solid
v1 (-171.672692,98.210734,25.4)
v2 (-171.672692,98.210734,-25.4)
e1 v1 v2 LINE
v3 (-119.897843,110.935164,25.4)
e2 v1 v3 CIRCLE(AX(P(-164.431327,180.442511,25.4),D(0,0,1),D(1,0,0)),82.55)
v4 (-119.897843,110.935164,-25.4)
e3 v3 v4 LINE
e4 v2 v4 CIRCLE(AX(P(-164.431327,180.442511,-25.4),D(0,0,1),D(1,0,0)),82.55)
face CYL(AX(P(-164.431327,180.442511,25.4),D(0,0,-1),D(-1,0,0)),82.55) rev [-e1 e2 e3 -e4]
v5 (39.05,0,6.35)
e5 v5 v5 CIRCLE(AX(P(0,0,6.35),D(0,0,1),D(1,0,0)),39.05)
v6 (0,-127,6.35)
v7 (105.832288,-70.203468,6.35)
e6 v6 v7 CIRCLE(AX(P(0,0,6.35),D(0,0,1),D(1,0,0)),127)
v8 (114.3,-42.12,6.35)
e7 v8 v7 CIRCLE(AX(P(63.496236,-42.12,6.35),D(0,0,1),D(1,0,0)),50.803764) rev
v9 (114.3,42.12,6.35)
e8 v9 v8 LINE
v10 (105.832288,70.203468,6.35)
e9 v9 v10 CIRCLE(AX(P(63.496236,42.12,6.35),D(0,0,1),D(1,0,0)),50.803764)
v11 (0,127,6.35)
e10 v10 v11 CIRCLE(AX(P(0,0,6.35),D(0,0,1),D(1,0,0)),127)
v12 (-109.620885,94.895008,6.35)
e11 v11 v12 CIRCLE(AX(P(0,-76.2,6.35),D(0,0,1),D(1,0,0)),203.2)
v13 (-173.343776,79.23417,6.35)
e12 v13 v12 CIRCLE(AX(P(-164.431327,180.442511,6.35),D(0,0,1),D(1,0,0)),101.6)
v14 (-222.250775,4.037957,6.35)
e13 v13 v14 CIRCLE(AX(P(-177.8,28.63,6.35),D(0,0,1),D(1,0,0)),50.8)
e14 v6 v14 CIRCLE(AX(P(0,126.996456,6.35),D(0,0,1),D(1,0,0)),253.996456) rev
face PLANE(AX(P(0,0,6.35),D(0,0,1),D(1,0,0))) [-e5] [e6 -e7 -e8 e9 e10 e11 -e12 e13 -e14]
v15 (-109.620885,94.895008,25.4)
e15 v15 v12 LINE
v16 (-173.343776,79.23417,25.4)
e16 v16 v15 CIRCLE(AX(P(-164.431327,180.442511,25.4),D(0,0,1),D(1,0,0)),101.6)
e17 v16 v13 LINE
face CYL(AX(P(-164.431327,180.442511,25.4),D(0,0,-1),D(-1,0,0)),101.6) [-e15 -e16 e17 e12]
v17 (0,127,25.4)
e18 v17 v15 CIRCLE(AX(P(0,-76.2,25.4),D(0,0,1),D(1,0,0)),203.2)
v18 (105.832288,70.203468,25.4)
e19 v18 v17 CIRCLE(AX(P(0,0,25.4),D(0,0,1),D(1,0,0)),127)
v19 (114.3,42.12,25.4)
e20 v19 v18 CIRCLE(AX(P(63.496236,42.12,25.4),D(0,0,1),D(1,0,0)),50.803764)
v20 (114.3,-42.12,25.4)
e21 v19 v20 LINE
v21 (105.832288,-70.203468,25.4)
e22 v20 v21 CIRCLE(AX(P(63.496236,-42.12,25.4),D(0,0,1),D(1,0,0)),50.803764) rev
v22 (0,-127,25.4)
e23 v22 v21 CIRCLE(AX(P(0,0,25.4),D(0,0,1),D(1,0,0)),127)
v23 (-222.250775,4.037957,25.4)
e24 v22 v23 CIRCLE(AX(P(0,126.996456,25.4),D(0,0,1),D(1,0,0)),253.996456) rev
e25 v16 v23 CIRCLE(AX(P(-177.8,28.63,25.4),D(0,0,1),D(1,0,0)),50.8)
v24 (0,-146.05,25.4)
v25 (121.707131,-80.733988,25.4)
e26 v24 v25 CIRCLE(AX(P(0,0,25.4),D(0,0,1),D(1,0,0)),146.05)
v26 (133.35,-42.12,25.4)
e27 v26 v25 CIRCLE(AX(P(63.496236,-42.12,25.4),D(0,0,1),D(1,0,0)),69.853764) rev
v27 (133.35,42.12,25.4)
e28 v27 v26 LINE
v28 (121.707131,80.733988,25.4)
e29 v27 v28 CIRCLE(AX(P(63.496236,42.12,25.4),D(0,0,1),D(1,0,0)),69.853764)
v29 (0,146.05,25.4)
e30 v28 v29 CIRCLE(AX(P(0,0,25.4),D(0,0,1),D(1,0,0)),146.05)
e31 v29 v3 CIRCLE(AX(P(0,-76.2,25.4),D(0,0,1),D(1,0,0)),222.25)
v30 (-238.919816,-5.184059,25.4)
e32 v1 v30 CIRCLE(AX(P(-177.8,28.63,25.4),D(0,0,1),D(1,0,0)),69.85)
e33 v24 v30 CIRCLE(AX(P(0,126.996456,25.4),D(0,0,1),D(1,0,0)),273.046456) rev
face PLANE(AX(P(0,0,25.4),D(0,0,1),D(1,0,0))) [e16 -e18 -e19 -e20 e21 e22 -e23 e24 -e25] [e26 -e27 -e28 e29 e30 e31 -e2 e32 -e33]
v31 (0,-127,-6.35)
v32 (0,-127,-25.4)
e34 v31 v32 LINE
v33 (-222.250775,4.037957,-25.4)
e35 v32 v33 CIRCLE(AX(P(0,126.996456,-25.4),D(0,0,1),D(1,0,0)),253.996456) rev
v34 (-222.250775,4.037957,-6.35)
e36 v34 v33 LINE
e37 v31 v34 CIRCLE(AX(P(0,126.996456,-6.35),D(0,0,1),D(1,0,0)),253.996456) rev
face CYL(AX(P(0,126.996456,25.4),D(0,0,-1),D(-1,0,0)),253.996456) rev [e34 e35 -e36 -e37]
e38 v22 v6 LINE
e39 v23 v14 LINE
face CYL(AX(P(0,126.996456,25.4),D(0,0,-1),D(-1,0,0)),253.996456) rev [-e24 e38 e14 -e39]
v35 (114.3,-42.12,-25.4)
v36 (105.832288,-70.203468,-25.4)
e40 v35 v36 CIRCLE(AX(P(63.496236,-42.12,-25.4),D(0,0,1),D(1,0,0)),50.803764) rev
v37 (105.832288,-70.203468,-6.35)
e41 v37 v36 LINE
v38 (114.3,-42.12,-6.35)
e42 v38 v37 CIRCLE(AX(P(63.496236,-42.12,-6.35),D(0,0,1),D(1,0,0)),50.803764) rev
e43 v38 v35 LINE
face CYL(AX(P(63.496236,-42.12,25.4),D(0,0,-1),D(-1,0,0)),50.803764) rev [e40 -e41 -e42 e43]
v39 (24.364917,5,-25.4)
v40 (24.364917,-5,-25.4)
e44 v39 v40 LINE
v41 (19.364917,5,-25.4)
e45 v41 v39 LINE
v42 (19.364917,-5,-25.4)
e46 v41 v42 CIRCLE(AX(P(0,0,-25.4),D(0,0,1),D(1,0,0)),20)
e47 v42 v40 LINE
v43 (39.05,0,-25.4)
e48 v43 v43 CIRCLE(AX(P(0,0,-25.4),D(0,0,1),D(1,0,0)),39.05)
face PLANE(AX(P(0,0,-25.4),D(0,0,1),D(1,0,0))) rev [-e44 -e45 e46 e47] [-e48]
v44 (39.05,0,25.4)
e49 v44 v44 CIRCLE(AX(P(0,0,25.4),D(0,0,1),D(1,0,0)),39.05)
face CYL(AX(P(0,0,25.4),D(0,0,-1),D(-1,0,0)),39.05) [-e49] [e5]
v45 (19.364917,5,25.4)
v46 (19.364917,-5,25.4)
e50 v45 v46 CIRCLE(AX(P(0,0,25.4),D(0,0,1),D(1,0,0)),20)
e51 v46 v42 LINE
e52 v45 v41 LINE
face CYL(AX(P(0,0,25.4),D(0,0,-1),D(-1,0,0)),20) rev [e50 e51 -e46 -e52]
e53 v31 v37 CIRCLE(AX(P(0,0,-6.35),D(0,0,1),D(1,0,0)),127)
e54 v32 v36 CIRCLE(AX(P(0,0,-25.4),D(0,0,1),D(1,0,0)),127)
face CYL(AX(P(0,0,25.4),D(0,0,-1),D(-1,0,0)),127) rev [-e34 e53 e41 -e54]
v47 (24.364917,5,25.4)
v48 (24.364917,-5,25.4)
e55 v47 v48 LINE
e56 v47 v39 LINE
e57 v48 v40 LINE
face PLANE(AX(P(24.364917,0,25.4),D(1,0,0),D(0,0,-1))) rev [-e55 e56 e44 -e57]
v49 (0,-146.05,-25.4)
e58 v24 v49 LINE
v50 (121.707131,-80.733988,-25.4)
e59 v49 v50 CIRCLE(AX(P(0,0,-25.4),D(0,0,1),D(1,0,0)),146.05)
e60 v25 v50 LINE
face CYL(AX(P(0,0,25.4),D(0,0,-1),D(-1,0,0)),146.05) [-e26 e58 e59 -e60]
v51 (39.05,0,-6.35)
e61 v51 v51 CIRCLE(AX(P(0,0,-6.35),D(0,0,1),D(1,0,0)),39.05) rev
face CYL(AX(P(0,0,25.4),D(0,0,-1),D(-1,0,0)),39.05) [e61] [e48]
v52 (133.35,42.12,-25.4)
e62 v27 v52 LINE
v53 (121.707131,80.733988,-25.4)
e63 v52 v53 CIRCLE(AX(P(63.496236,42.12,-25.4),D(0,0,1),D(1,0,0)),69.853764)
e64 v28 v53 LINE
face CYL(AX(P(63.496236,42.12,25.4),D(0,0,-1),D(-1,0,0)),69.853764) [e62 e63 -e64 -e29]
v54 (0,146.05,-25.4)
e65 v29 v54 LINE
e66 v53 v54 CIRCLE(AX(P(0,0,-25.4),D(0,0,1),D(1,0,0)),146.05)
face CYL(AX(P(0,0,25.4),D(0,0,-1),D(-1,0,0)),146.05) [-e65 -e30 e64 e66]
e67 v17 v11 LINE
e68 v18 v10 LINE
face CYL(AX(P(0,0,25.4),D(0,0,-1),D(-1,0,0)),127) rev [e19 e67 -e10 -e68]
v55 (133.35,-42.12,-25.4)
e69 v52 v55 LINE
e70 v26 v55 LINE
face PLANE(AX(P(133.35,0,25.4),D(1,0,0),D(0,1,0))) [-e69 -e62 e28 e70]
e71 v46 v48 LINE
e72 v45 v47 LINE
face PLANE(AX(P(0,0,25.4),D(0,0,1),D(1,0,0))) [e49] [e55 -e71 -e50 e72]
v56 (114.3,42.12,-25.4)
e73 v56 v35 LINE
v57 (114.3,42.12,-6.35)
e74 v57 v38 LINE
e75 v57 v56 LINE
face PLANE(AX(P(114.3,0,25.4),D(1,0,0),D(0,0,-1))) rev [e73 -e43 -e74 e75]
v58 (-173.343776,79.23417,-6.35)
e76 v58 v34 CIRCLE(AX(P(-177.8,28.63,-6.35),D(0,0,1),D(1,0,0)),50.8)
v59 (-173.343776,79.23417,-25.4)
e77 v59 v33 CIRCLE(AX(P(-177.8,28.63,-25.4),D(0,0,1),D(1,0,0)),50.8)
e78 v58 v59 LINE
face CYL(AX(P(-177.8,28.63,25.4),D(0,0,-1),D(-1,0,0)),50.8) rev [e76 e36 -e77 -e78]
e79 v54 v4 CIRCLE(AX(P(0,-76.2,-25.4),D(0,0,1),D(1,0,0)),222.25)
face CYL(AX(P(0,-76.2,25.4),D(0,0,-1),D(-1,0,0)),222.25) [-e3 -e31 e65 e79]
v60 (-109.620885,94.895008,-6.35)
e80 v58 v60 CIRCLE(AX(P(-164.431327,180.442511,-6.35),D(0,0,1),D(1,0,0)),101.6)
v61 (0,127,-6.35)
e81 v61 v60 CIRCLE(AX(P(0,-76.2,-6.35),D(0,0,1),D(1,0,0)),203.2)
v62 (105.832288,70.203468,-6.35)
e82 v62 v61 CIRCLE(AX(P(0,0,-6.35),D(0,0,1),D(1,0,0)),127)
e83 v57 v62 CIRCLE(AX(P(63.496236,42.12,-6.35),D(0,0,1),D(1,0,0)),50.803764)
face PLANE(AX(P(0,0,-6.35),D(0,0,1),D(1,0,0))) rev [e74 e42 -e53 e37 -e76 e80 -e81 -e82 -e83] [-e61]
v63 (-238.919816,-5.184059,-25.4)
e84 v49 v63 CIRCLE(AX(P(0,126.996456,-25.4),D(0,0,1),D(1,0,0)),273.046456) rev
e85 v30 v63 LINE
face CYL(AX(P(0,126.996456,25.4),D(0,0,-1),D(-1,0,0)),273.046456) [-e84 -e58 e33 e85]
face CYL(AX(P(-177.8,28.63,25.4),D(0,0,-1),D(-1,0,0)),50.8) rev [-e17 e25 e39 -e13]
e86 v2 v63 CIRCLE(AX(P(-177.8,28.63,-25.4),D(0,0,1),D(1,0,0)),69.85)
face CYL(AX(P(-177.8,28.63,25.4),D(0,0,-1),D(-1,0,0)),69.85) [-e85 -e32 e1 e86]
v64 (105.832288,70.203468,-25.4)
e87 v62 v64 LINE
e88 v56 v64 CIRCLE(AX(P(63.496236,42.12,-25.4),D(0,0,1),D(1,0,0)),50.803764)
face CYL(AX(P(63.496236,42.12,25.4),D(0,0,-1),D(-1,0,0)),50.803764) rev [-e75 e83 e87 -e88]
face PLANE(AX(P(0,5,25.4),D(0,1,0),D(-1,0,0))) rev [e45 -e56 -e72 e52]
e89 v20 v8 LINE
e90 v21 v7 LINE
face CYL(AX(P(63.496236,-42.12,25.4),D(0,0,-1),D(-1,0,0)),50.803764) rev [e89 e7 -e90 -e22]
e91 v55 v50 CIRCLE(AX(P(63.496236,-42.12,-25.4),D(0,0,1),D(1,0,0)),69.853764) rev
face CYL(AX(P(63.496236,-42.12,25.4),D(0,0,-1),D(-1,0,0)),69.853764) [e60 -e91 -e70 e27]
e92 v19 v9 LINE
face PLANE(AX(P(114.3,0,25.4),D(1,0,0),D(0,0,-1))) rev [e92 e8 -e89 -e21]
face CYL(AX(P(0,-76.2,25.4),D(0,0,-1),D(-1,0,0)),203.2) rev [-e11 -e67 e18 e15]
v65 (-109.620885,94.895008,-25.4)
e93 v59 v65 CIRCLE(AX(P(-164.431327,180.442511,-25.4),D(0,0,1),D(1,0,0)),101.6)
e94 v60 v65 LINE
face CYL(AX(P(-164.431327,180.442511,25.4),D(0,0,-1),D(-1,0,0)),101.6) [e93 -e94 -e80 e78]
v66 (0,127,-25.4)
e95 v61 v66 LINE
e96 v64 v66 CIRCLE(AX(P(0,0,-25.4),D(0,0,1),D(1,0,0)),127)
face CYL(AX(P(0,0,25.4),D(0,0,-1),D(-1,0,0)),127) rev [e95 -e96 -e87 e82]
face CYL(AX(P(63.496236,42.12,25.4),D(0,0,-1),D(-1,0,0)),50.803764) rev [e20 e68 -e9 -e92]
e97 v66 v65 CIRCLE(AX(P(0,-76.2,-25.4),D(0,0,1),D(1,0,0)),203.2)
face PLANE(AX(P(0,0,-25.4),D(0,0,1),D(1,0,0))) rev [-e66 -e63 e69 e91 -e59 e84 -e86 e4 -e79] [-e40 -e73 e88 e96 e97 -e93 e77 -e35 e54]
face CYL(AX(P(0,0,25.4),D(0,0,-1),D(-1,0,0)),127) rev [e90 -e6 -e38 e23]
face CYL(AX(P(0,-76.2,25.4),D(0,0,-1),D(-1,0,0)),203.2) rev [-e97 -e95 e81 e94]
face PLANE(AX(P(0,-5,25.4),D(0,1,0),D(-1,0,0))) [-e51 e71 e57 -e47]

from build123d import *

# Parameters (mm, degrees)
BOSS_EXTRUDE1_DEPTH   = 25.4
SKETCH1_R             = 39.05
BOSS_EXTRUDE1_2_DEPTH = 25.4
SKETCH1_3_R           = 39.05
BOSS_EXTRUDE2_DEPTH   = 6.35


with BuildPart() as part:
    # Sketch1 → Boss-Extrude1 (new, symmetric)
    with BuildSketch(Plane.XY):
        with BuildLine():
            Line((133.35, -42.12), (133.35, 42.12))
            ThreePointArc((133.35, 42.12), (130.375973078, 62.28554269), (121.707130955, 80.733987729))
            ThreePointArc((121.707130955, 80.733987729), (69.063027707, 128.689163118), (0, 146.05))
            ThreePointArc((0, 146.05), (-62.467080094, 137.090708669), (-119.897842805, 110.935164495))
            ThreePointArc((-119.897842805, 110.935164495), (-144.729719838, 100.277998184), (-171.672691668, 98.210734349))
            ThreePointArc((-171.672691668, 98.210734349), (-236.354801658, 66.713562108), (-238.919816081, -5.184058944))
            ThreePointArc((-238.919816081, -5.184058944), (-138.677586388, -108.211737191), (0, -146.05))
            ThreePointArc((0, -146.05), (69.063027707, -128.689163118), (121.707130955, -80.733987729))
            ThreePointArc((121.707130955, -80.733987729), (130.375973078, -62.28554269), (133.35, -42.12))
        make_face()
        with BuildLine():
            ThreePointArc((105.832287787, 70.20346759), (112.137027627, 56.786145557), (114.3, 42.12))
            Line((114.3, 42.12), (114.3, -42.12))
            ThreePointArc((114.3, -42.12), (112.137027627, -56.786145557), (105.832287787, -70.20346759))
            ThreePointArc((105.832287787, -70.20346759), (60.054806702, -111.903620102), (0, -127))
            ThreePointArc((0, -127), (-129.002280352, -91.801650259), (-222.250775331, 4.037957131))
            ThreePointArc((-222.250775331, 4.037957131), (-220.385310297, 56.327136078), (-173.343775759, 79.234170436))
            ThreePointArc((-173.343775759, 79.234170436), (-140.183195045, 81.778495155), (-109.62088485, 94.895007539))
            ThreePointArc((-109.62088485, 94.895007539), (-57.112758943, 118.808647926), (0, 127))
            ThreePointArc((0, 127), (60.054806702, 111.903620102), (105.832287787, 70.20346759))
        make_face(mode=Mode.SUBTRACT)
    extrude(amount=BOSS_EXTRUDE1_DEPTH, both=True)



with BuildPart() as body_2:
    # Sketch1 → Boss-Extrude1 2 (new, symmetric)
    with BuildSketch(Plane.XY):
        Circle(SKETCH1_R)
        with BuildLine():
            ThreePointArc((19.364916731, -5), (-20, 0), (19.364916731, 5))
            Line((19.364916731, 5), (24.364916731, 5))
            Line((24.364916731, 5), (24.364916731, -5))
            Line((24.364916731, -5), (19.364916731, -5))
        make_face(mode=Mode.SUBTRACT)
    extrude(amount=BOSS_EXTRUDE1_2_DEPTH, both=True)


with BuildPart() as part_1:
    add(part.part)

    add(body_2.part)  # Boss-Extrude2 merges body 2
    # Sketch1<3> → Boss-Extrude2 (add, symmetric)
    with BuildSketch(Plane.XY):
        with BuildLine():
            Line((114.3, -42.12), (114.3, 42.12))
            ThreePointArc((114.3, 42.12), (112.137027627, 56.786145557), (105.832287787, 70.20346759))
            ThreePointArc((105.832287787, 70.20346759), (60.054806702, 111.903620102), (0, 127))
            ThreePointArc((0, 127), (-57.112758943, 118.808647926), (-109.62088485, 94.895007539))
            ThreePointArc((-109.62088485, 94.895007539), (-140.183195045, 81.778495155), (-173.343775759, 79.234170436))
            ThreePointArc((-173.343775759, 79.234170436), (-220.385310297, 56.327136078), (-222.250775331, 4.037957131))
            ThreePointArc((-222.250775331, 4.037957131), (-129.002280352, -91.801650259), (0, -127))
            ThreePointArc((0, -127), (60.054806702, -111.903620102), (105.832287787, -70.20346759))
            ThreePointArc((105.832287787, -70.20346759), (112.137027627, -56.786145557), (114.3, -42.12))
        make_face()
        Circle(SKETCH1_3_R, mode=Mode.SUBTRACT)
    extrude(amount=BOSS_EXTRUDE2_DEPTH, both=True)


solid = part_1.part
